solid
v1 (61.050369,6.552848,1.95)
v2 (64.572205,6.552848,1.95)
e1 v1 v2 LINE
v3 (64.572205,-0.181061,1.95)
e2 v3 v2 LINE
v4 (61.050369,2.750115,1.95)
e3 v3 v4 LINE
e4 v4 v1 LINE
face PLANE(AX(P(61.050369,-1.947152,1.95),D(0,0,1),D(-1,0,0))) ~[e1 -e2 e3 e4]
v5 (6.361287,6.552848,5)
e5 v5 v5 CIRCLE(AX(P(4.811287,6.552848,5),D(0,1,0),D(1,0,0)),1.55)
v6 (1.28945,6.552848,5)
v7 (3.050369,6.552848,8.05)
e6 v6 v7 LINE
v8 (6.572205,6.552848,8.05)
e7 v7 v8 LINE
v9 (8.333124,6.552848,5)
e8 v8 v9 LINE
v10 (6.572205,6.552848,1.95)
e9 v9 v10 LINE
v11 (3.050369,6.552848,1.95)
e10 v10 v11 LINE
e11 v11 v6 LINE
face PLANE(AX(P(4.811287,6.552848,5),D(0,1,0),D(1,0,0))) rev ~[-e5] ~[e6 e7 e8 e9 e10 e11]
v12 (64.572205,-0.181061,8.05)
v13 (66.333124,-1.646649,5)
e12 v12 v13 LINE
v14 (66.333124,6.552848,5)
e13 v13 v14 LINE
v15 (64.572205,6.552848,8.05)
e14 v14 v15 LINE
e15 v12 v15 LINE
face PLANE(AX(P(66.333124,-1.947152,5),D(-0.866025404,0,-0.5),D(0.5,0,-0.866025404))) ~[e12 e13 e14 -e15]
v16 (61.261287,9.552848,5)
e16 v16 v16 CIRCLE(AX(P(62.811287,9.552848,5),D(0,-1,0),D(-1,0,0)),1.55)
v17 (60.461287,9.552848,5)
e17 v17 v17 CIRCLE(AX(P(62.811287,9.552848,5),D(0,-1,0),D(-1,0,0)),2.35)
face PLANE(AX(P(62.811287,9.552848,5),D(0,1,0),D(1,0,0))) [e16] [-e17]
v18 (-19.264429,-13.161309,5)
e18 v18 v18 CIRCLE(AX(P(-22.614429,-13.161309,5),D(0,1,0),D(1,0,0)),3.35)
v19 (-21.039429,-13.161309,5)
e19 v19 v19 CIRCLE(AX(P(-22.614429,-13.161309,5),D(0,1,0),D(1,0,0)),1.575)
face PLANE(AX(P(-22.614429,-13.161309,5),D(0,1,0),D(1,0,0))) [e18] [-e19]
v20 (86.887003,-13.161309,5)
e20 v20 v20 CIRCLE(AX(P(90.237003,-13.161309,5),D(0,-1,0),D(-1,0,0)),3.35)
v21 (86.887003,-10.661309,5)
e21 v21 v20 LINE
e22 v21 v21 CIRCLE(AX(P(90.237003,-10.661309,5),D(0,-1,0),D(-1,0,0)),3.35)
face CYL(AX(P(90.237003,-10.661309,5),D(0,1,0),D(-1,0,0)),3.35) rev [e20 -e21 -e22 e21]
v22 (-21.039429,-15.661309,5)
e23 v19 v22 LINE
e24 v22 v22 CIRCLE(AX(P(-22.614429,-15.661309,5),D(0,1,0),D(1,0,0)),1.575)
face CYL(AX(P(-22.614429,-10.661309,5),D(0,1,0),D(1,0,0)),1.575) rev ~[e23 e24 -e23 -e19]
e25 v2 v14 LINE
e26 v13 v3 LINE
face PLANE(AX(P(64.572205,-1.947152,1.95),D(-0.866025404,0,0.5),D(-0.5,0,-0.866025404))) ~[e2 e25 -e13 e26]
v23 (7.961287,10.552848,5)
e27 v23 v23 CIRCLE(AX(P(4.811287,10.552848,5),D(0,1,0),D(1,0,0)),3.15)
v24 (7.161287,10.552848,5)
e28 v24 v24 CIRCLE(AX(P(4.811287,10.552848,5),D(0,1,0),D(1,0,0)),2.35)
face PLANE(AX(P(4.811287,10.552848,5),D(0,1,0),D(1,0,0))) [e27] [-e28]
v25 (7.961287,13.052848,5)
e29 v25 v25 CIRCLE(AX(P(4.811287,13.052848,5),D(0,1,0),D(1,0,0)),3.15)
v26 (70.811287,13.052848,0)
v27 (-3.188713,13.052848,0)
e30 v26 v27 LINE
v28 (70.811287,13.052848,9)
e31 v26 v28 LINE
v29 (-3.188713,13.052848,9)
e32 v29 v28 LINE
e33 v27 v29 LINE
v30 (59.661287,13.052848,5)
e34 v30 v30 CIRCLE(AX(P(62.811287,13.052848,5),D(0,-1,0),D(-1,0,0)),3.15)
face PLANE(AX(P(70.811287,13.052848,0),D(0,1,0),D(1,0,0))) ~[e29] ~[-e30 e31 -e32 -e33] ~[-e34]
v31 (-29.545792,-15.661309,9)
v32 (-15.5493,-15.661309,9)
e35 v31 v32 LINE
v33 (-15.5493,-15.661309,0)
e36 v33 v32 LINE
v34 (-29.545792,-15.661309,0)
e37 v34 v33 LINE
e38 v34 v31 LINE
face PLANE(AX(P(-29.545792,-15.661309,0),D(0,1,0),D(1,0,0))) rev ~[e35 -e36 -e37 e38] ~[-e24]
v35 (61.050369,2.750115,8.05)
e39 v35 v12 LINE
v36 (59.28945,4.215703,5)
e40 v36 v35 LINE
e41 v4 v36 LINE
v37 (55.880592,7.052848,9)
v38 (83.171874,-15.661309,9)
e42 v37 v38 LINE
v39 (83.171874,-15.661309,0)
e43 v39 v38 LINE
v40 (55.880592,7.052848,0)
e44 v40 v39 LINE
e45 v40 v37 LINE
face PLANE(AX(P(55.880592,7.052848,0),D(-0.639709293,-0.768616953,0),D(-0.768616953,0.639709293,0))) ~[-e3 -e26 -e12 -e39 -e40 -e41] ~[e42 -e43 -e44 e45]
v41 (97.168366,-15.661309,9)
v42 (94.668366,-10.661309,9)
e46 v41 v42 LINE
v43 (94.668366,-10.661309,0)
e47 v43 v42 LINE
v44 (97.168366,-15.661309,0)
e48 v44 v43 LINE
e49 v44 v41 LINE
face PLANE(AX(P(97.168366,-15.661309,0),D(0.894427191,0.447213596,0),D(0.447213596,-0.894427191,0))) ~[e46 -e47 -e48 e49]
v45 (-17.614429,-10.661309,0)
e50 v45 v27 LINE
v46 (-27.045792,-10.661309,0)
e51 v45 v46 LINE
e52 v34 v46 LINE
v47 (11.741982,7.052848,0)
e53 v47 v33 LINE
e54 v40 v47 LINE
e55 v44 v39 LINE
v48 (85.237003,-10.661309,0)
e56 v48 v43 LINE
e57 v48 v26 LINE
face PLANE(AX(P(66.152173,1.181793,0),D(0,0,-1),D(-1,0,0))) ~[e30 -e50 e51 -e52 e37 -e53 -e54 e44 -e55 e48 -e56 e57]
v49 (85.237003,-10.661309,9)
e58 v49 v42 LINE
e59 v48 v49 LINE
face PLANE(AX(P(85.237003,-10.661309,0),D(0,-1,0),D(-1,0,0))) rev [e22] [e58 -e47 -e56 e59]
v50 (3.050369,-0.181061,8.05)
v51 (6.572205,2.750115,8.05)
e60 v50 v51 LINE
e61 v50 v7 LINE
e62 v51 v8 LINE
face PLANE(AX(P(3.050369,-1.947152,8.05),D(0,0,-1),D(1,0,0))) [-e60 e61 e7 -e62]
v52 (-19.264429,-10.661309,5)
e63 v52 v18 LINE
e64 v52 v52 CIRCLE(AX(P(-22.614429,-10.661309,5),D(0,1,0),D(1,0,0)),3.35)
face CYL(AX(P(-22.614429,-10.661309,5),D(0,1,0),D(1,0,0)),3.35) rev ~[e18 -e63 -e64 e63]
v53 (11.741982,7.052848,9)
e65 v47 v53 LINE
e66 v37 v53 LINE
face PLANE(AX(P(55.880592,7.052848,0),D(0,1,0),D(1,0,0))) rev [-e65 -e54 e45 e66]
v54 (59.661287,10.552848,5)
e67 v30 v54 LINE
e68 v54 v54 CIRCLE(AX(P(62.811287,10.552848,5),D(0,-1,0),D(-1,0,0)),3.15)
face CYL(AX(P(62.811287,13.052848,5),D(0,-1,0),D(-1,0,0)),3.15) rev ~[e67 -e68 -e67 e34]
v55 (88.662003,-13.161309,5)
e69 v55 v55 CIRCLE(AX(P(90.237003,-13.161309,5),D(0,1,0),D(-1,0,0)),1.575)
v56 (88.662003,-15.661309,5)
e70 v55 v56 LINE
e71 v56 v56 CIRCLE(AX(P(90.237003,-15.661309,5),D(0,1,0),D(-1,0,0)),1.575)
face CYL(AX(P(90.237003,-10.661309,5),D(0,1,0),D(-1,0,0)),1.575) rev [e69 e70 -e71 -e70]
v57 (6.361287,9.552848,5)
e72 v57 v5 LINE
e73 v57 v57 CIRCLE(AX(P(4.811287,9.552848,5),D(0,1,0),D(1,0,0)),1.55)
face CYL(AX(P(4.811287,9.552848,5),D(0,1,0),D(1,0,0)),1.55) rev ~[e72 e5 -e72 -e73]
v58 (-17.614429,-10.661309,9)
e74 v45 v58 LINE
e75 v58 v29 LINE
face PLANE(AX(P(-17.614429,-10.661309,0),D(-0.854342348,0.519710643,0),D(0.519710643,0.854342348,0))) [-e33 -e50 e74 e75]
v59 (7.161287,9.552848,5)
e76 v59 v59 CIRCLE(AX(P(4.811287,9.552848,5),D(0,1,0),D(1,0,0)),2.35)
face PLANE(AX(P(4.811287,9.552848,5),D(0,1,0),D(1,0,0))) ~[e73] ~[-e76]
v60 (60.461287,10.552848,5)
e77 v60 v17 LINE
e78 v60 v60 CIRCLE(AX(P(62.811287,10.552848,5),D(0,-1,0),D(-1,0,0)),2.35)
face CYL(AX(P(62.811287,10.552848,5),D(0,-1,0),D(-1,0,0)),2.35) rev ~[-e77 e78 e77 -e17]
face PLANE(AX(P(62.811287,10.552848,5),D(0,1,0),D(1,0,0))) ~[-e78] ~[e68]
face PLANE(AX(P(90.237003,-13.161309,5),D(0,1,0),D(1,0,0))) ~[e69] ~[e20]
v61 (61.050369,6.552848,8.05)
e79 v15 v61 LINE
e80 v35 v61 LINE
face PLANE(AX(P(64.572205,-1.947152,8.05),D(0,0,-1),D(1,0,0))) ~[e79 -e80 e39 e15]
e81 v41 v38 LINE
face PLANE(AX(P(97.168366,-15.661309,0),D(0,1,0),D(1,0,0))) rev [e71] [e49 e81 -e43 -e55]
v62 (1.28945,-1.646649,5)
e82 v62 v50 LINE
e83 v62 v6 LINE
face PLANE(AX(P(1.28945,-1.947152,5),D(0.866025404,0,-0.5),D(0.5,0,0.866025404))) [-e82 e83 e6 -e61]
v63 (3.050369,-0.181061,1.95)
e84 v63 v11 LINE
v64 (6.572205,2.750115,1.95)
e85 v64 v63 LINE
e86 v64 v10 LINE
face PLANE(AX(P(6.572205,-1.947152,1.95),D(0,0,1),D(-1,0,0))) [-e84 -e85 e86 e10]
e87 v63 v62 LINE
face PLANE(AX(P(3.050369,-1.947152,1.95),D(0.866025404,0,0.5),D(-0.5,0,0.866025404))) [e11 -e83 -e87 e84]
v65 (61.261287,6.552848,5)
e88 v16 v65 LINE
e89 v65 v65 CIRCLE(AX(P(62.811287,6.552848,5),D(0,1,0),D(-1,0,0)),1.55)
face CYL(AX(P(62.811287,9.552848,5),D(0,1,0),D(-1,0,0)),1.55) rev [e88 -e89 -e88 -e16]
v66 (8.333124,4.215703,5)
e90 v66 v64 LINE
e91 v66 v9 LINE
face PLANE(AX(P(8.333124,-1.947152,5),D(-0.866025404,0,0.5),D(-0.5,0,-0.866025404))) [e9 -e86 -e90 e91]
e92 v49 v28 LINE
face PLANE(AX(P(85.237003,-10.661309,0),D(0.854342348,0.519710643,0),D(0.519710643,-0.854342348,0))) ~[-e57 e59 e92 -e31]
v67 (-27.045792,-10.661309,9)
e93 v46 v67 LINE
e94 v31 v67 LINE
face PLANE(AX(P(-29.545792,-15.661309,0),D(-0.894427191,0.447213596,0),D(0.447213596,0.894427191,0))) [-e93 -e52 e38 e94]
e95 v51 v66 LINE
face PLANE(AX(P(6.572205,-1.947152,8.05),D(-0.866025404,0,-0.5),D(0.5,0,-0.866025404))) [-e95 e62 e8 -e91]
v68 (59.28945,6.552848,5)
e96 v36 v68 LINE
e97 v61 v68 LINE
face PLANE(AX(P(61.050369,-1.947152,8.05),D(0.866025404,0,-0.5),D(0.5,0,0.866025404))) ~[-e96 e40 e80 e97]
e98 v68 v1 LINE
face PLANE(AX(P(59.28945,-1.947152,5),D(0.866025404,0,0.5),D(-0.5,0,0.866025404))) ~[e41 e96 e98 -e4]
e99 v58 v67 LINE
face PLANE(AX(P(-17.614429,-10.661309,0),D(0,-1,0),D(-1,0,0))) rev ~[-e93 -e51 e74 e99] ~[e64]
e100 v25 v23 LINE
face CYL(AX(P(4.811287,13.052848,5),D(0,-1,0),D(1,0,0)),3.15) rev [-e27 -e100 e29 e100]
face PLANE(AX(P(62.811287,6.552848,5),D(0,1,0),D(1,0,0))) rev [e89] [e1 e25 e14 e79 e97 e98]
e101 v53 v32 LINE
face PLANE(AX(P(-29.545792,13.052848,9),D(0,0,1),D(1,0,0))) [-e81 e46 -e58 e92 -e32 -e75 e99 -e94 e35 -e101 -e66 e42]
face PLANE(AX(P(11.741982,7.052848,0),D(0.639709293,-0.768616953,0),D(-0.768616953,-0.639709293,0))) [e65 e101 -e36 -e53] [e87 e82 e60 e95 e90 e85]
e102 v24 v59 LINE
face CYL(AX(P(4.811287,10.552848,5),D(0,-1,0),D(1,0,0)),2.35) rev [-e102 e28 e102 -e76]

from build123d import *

# Parameters (mm, degrees)
EXTRUDE_1_DEPTH     = 10
SKETCH_7_R          = 1.55
CUT_EXTRUDE_1_DEPTH = 26.214157215
CUT_EXTRUDE_2_DEPTH = 8.5
SKETCH_10_R         = 1.575
CUT_EXTRUDE_4_DEPTH = 12
SKETCH_11_R         = 3.35
CUT_EXTRUDE_5_DEPTH = 2.5
SKETCH_12_W         = 126.714157214
SKETCH_12_H         = 1
CUT_EXTRUDE_6_DEPTH = 29.714157215


with BuildPart() as part:
    # 草图1 → 凸台-拉伸1 (new body)
    with BuildSketch(Plane.XY):
        Polygon((-3.188712924, 13.052848472), (33.811287076, 13.052848472), (33.811287076, 7.052848472), (15.60198174, 7.052848472), (11.74198174, 7.052848472), (-15.549299656, -15.661308743), (-23.688712924, -15.661308743), (-27.545791531, -15.661308743), (-29.545791531, -15.661308743), (-27.045791531, -10.661308743), (-25.045791531, -10.661308743), (-17.614428715, -10.661308743), align=None)
    extrude_1 = extrude(amount=EXTRUDE_1_DEPTH)

    # 镜向1: 凸台-拉伸1 across plane
    add(extrude_1.mirror(Plane(origin=(33.811287076, 13.052848472, 10), x_dir=(0, 0, 1), z_dir=(-1, 0, 0))))

    # 草图5 → 切除-旋转7 (revolve, cut)
    with BuildSketch(Plane.XY.offset(5)):
        Polygon((7.961287076, 13.052848472), (7.961287076, 10.552848472), (7.161287076, 10.552848472), (7.161287076, 9.552848472), (6.361287076, 9.552848472), (4.811287076, 9.552848472), (4.811287076, 13.052848472), align=None)
    cut_revolve_7 = revolve(axis=Axis((4.811287076, 9.552848472, 5), (0, 1, 0)), mode=Mode.SUBTRACT)

    # 草图7 → 切除-拉伸1 (cut, through all)
    with BuildSketch(Plane(origin=(0, 9.552848472, 0), x_dir=(1, 0, 0), z_dir=(0, 1, 0))):
        with Locations((4.811287076, -5)):
            Circle(SKETCH_7_R)
    cut_extrude_1 = extrude(amount=-CUT_EXTRUDE_1_DEPTH, mode=Mode.SUBTRACT)

    # 草图8 → 切除-拉伸2 (cut)
    with BuildSketch(Plane(origin=(0, -1.947151528, 0), x_dir=(1, 0, 0), z_dir=(0, 1, 0))):
        Polygon((8.333123718, -5), (6.572205397, -1.95), (3.050368755, -1.95), (1.289450434, -5), (3.050368755, -8.05), (6.572205397, -8.05), align=None)
    cut_extrude_2 = extrude(amount=CUT_EXTRUDE_2_DEPTH, mode=Mode.SUBTRACT)

    # 草图10 → 切除-拉伸4 (cut)
    with BuildSketch(Plane(origin=(0, -10.661308743, 0), x_dir=(1, 0, 0), z_dir=(0, 1, 0))):
        with Locations((-22.614428715, -5)):
            Circle(SKETCH_10_R)
    cut_extrude_4 = extrude(amount=-CUT_EXTRUDE_4_DEPTH, mode=Mode.SUBTRACT)

    # 草图11 → 切除-拉伸5 (cut)
    with BuildSketch(Plane(origin=(0, -10.661308743, 0), x_dir=(1, 0, 0), z_dir=(0, 1, 0))):
        with Locations((-22.614428715, -5)):
            Circle(SKETCH_11_R)
    cut_extrude_5 = extrude(amount=-CUT_EXTRUDE_5_DEPTH, mode=Mode.SUBTRACT)

    # 镜向2: 切除-旋转7, 切除-拉伸1, 切除-拉伸2, 切除-拉伸4, 切除-拉伸5 across plane
    add(cut_revolve_7.mirror(Plane(origin=(33.811287076, 0, 0), x_dir=(0, 0, 1), z_dir=(1, 0, 0))), mode=Mode.SUBTRACT)
    add(cut_extrude_1.mirror(Plane(origin=(33.811287076, 0, 0), x_dir=(0, 0, 1), z_dir=(1, 0, 0))), mode=Mode.SUBTRACT)
    add(cut_extrude_2.mirror(Plane(origin=(33.811287076, 0, 0), x_dir=(0, 0, 1), z_dir=(1, 0, 0))), mode=Mode.SUBTRACT)
    add(cut_extrude_4.mirror(Plane(origin=(33.811287076, 0, 0), x_dir=(0, 0, 1), z_dir=(1, 0, 0))), mode=Mode.SUBTRACT)
    add(cut_extrude_5.mirror(Plane(origin=(33.811287076, 0, 0), x_dir=(0, 0, 1), z_dir=(1, 0, 0))), mode=Mode.SUBTRACT)

    # 草图12 → 切除-拉伸6 (cut, through all)
    with BuildSketch(Plane(origin=(0, 13.052848472, 0), x_dir=(1, 0, 0), z_dir=(0, 1, 0))):
        with Locations((33.811287076, -9.5)):
            Rectangle(SKETCH_12_W, SKETCH_12_H)
    extrude(amount=-CUT_EXTRUDE_6_DEPTH, mode=Mode.SUBTRACT)


solid = part.part
